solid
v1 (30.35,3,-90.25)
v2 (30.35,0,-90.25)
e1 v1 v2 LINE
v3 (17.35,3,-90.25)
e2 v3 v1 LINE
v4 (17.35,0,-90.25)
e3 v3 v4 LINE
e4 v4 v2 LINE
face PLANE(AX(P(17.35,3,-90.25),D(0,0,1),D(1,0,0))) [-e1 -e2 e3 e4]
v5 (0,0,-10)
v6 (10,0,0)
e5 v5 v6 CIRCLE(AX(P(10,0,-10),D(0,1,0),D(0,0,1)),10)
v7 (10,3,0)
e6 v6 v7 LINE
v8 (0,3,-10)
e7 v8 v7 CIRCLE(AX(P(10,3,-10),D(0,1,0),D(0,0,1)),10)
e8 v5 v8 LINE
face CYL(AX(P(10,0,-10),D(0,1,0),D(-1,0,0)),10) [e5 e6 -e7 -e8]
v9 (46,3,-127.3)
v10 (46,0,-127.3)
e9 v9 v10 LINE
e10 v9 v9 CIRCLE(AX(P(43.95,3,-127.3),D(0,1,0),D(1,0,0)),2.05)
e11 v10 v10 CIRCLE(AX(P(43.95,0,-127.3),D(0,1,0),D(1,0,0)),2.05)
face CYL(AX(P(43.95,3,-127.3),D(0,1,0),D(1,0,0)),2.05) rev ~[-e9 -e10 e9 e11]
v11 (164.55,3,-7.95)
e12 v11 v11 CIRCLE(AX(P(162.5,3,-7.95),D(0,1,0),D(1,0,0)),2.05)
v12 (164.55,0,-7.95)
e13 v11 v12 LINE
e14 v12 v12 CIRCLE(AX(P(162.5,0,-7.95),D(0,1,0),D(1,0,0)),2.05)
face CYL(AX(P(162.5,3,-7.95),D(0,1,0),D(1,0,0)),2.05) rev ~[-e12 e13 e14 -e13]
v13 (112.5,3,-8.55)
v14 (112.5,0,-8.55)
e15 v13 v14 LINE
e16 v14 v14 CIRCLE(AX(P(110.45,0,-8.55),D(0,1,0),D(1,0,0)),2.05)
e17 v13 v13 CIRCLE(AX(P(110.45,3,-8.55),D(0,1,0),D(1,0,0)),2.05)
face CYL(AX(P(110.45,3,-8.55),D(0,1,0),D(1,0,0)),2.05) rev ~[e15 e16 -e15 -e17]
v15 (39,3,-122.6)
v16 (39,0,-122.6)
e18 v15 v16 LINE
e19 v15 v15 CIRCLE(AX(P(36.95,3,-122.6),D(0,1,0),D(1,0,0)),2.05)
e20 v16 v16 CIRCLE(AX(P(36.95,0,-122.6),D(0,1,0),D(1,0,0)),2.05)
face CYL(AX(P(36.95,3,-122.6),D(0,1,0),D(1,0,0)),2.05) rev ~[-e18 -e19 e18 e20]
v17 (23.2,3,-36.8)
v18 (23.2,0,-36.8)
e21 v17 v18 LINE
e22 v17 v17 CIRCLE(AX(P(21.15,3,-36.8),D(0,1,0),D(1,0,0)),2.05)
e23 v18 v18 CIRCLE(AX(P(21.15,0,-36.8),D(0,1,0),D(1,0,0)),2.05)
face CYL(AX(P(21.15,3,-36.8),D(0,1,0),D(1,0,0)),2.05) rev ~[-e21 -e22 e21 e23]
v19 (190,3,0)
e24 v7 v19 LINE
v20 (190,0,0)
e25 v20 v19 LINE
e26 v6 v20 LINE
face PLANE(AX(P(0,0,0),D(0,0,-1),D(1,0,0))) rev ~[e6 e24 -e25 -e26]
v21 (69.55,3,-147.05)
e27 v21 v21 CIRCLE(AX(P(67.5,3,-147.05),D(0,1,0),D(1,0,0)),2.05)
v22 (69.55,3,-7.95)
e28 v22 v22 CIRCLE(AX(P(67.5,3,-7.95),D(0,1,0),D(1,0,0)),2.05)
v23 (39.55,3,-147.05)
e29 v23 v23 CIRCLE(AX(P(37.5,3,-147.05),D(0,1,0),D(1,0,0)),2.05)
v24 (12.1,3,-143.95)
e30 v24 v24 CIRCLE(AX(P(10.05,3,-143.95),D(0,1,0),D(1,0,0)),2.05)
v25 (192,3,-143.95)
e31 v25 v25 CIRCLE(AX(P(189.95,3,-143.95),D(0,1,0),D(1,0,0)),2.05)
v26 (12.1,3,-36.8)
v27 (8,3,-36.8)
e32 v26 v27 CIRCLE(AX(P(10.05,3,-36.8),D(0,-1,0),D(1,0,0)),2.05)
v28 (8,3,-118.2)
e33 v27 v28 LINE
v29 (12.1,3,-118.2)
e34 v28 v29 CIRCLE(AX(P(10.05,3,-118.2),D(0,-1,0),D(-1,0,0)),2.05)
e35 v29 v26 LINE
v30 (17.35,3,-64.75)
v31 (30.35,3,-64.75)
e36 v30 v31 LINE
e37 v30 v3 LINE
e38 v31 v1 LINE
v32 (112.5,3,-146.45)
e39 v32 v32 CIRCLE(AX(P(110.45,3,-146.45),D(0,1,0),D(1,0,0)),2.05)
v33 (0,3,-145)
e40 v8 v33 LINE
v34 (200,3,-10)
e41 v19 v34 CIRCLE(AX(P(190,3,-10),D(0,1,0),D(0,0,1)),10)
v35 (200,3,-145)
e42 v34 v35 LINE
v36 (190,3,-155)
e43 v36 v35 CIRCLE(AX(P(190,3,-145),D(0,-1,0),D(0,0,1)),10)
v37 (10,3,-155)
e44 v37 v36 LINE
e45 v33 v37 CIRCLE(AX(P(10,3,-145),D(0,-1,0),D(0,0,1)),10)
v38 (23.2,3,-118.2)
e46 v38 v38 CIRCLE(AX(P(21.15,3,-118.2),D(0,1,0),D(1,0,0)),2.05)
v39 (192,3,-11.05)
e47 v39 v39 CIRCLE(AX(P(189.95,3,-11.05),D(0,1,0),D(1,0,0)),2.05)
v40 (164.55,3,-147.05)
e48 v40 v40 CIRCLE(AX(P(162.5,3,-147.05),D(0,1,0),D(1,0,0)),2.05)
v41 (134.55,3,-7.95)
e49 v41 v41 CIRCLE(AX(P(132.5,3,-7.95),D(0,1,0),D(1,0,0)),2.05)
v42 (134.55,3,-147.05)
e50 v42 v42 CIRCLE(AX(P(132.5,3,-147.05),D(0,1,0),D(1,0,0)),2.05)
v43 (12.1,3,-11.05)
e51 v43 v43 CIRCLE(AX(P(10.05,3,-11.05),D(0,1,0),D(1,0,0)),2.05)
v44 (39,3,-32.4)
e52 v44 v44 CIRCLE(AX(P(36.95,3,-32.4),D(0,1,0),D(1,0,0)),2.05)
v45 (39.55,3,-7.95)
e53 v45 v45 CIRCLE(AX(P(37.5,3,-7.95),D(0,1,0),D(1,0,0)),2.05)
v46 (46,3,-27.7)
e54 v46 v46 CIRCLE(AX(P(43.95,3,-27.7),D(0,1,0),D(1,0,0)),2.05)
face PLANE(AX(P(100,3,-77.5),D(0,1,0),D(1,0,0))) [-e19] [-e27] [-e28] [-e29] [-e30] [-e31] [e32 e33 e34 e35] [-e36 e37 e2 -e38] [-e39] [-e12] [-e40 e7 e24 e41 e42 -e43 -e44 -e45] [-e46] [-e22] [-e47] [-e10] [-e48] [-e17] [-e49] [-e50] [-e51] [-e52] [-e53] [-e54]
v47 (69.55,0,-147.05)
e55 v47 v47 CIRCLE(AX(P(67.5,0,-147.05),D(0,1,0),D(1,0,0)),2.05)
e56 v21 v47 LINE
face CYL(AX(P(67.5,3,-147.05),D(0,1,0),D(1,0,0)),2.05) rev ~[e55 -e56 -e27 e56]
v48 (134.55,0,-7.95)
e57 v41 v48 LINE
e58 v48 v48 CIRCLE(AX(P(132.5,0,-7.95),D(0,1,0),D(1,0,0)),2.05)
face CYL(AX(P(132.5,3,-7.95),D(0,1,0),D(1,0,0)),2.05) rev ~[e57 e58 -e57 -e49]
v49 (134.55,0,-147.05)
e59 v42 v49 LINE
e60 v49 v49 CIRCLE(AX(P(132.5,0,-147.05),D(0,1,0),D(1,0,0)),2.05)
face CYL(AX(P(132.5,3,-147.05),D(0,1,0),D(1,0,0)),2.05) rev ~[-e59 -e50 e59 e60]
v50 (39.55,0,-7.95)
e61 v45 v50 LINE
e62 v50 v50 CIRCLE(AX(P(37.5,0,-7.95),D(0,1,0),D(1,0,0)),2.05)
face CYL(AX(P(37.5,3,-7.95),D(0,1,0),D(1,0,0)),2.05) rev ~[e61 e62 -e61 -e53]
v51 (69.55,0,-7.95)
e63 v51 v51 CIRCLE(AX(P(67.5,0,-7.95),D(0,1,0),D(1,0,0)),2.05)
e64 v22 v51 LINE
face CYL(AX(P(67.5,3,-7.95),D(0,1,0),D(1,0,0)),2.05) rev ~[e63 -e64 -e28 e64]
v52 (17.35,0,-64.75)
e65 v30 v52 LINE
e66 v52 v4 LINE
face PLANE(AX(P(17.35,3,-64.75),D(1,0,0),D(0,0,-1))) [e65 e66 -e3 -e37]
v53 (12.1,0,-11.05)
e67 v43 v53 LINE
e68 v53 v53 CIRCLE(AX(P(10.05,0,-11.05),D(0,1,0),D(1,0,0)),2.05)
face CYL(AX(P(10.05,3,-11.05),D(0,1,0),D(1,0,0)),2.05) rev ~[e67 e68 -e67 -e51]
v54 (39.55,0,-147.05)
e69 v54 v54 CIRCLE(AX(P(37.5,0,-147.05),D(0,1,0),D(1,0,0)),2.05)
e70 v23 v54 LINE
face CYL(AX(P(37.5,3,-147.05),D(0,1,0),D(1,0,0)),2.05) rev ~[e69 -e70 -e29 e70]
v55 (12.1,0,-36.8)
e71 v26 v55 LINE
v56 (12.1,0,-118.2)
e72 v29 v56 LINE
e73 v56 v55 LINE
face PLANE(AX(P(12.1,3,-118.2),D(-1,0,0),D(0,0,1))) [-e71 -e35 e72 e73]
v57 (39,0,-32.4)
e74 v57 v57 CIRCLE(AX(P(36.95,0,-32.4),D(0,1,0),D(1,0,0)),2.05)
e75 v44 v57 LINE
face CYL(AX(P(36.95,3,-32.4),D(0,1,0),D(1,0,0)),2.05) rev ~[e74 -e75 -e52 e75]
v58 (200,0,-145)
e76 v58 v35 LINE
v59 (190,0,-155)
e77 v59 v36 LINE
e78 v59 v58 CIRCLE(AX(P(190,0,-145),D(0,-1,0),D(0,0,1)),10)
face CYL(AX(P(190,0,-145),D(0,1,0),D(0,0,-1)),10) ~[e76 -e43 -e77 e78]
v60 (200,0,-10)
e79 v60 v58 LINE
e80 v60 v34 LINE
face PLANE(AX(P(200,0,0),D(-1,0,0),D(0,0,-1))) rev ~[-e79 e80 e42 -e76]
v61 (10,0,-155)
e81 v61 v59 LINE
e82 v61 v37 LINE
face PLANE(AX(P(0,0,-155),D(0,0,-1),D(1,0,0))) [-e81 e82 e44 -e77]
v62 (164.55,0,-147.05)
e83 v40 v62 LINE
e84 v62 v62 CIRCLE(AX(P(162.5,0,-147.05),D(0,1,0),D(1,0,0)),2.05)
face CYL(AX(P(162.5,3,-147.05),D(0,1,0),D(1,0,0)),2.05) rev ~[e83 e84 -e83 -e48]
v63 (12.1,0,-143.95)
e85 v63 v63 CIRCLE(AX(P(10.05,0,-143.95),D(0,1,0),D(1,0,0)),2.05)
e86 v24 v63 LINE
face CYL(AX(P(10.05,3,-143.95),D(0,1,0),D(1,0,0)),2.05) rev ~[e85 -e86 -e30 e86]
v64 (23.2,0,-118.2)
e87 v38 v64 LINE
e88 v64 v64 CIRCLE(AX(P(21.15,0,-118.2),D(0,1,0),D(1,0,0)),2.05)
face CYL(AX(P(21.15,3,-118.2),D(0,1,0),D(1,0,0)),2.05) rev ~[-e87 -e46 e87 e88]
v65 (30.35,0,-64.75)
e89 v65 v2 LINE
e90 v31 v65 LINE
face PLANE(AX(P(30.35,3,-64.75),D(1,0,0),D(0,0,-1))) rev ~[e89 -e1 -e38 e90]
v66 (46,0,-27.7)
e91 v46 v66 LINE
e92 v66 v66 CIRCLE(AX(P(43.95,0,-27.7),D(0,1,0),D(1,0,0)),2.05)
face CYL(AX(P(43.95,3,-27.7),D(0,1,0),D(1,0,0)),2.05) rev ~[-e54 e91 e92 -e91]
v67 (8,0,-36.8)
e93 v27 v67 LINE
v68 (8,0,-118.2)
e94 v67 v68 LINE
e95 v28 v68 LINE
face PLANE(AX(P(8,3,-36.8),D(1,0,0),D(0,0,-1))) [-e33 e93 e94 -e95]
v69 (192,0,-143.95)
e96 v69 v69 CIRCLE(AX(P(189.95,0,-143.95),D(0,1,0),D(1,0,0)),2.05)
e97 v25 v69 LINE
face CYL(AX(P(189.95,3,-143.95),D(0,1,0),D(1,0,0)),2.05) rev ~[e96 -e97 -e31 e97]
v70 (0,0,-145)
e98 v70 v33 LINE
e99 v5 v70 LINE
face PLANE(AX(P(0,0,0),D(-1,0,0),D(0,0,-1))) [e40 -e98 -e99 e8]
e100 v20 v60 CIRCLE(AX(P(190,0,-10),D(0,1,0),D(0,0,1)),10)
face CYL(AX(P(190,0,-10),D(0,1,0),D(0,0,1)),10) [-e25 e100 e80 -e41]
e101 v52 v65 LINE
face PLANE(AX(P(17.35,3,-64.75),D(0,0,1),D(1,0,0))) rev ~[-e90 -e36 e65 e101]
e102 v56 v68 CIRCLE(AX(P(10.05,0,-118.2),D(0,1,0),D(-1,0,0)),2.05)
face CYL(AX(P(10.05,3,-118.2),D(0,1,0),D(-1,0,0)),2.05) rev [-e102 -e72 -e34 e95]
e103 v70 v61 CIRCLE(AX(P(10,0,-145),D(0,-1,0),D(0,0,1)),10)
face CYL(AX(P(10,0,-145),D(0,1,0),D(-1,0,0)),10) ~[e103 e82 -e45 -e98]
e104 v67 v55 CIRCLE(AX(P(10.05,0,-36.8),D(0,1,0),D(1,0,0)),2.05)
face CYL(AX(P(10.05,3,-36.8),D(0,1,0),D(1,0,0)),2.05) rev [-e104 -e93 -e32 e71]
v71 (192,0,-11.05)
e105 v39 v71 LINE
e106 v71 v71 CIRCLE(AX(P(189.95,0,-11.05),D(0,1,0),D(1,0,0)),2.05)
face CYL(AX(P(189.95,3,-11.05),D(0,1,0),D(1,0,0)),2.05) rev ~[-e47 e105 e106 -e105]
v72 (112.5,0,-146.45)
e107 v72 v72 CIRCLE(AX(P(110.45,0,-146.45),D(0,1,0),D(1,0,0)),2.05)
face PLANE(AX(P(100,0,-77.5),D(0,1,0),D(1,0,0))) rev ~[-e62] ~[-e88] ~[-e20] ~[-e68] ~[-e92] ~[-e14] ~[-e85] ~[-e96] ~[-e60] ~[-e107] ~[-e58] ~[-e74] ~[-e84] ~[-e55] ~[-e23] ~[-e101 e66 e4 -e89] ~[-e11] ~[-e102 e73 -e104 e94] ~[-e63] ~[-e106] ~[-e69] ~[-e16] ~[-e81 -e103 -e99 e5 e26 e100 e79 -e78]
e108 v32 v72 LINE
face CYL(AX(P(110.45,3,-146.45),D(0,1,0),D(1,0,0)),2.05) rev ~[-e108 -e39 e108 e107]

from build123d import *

# Parameters (mm, degrees)
SKETCH1_W           = 200
SKETCH1_H           = 155
BOSS_EXTRUDE1_DEPTH = 3
SKETCH2_R           = 2.05
CUT_EXTRUDE1_DEPTH  = 4
FILLET1_R           = 10
SKETCH6_R           = 2.05
SKETCH6_W           = 13
SKETCH6_H           = 25.5
CUT_EXTRUDE2_DEPTH  = 4


with BuildPart() as part:
    # Sketch1 → Boss-Extrude1 (new body)
    with BuildSketch(Plane(origin=(0, 0, 0), x_dir=(1, 0, 0), z_dir=(0, 1, 0))):
        with Locations((100, 77.5)):
            Rectangle(SKETCH1_W, SKETCH1_H)
    extrude(amount=BOSS_EXTRUDE1_DEPTH)

    # Sketch2 → Cut-Extrude1 (cut, through all)
    with BuildSketch(Plane(origin=(0, 3, 0), x_dir=(1, 0, 0), z_dir=(0, 1, 0))):
        with Locations((37.5, 7.95)):
            Circle(SKETCH2_R)
        with Locations((67.5, 7.95)):
            Circle(SKETCH2_R)
        with Locations((132.5, 7.95)):
            Circle(SKETCH2_R)
        with Locations((162.5, 7.95)):
            Circle(SKETCH2_R)
        with Locations((162.5, 147.05)):
            Circle(SKETCH2_R)
        with Locations((132.5, 147.05)):
            Circle(SKETCH2_R)
        with Locations((67.5, 147.05)):
            Circle(SKETCH2_R)
        with Locations((37.5, 147.05)):
            Circle(SKETCH2_R)
    extrude(amount=-CUT_EXTRUDE1_DEPTH, mode=Mode.SUBTRACT)

    # Fillet1
    fillet1_edges = [part.edges().sort_by_distance(p)[0] for p in [
        (0, 1.5, -155),
        (200, 1.5, -155),
        (200, 1.5, 0),
        (0, 1.5, 0),
    ]]
    fillet(fillet1_edges, radius=FILLET1_R)

    # Sketch6 → Cut-Extrude2 (cut, through all)
    with BuildSketch(Plane(origin=(0, 3, 0), x_dir=(1, 0, 0), z_dir=(0, 1, 0))):
        with Locations((10.05, 143.95)):
            Circle(SKETCH6_R)
        with Locations((21.15, 118.2)):
            Circle(SKETCH6_R)
        with Locations((36.95, 122.6)):
            Circle(SKETCH6_R)
        with Locations((43.95, 127.3)):
            Circle(SKETCH6_R)
        with Locations((43.95, 27.7)):
            Circle(SKETCH6_R)
        with Locations((36.95, 32.4)):
            Circle(SKETCH6_R)
        with Locations((10.05, 11.05)):
            Circle(SKETCH6_R)
        with Locations((21.15, 36.8)):
            Circle(SKETCH6_R)
        with Locations((189.95, 143.95)):
            Circle(SKETCH6_R)
        with Locations((110.45, 146.45)):
            Circle(SKETCH6_R)
        with Locations((189.95, 11.05)):
            Circle(SKETCH6_R)
        with Locations((110.45, 8.55)):
            Circle(SKETCH6_R)
        with BuildLine():
            Line((12.1, 118.2), (12.1, 36.8))
            ThreePointArc((12.1, 36.8), (10.05, 34.75), (8, 36.8))
            Line((8, 36.8), (8, 118.2))
            ThreePointArc((8, 118.2), (10.05, 120.25), (12.1, 118.2))
        make_face()
        with Locations((23.85, 77.5)):
            Rectangle(SKETCH6_W, SKETCH6_H)
    extrude(amount=-CUT_EXTRUDE2_DEPTH, mode=Mode.SUBTRACT)


solid = part.part
